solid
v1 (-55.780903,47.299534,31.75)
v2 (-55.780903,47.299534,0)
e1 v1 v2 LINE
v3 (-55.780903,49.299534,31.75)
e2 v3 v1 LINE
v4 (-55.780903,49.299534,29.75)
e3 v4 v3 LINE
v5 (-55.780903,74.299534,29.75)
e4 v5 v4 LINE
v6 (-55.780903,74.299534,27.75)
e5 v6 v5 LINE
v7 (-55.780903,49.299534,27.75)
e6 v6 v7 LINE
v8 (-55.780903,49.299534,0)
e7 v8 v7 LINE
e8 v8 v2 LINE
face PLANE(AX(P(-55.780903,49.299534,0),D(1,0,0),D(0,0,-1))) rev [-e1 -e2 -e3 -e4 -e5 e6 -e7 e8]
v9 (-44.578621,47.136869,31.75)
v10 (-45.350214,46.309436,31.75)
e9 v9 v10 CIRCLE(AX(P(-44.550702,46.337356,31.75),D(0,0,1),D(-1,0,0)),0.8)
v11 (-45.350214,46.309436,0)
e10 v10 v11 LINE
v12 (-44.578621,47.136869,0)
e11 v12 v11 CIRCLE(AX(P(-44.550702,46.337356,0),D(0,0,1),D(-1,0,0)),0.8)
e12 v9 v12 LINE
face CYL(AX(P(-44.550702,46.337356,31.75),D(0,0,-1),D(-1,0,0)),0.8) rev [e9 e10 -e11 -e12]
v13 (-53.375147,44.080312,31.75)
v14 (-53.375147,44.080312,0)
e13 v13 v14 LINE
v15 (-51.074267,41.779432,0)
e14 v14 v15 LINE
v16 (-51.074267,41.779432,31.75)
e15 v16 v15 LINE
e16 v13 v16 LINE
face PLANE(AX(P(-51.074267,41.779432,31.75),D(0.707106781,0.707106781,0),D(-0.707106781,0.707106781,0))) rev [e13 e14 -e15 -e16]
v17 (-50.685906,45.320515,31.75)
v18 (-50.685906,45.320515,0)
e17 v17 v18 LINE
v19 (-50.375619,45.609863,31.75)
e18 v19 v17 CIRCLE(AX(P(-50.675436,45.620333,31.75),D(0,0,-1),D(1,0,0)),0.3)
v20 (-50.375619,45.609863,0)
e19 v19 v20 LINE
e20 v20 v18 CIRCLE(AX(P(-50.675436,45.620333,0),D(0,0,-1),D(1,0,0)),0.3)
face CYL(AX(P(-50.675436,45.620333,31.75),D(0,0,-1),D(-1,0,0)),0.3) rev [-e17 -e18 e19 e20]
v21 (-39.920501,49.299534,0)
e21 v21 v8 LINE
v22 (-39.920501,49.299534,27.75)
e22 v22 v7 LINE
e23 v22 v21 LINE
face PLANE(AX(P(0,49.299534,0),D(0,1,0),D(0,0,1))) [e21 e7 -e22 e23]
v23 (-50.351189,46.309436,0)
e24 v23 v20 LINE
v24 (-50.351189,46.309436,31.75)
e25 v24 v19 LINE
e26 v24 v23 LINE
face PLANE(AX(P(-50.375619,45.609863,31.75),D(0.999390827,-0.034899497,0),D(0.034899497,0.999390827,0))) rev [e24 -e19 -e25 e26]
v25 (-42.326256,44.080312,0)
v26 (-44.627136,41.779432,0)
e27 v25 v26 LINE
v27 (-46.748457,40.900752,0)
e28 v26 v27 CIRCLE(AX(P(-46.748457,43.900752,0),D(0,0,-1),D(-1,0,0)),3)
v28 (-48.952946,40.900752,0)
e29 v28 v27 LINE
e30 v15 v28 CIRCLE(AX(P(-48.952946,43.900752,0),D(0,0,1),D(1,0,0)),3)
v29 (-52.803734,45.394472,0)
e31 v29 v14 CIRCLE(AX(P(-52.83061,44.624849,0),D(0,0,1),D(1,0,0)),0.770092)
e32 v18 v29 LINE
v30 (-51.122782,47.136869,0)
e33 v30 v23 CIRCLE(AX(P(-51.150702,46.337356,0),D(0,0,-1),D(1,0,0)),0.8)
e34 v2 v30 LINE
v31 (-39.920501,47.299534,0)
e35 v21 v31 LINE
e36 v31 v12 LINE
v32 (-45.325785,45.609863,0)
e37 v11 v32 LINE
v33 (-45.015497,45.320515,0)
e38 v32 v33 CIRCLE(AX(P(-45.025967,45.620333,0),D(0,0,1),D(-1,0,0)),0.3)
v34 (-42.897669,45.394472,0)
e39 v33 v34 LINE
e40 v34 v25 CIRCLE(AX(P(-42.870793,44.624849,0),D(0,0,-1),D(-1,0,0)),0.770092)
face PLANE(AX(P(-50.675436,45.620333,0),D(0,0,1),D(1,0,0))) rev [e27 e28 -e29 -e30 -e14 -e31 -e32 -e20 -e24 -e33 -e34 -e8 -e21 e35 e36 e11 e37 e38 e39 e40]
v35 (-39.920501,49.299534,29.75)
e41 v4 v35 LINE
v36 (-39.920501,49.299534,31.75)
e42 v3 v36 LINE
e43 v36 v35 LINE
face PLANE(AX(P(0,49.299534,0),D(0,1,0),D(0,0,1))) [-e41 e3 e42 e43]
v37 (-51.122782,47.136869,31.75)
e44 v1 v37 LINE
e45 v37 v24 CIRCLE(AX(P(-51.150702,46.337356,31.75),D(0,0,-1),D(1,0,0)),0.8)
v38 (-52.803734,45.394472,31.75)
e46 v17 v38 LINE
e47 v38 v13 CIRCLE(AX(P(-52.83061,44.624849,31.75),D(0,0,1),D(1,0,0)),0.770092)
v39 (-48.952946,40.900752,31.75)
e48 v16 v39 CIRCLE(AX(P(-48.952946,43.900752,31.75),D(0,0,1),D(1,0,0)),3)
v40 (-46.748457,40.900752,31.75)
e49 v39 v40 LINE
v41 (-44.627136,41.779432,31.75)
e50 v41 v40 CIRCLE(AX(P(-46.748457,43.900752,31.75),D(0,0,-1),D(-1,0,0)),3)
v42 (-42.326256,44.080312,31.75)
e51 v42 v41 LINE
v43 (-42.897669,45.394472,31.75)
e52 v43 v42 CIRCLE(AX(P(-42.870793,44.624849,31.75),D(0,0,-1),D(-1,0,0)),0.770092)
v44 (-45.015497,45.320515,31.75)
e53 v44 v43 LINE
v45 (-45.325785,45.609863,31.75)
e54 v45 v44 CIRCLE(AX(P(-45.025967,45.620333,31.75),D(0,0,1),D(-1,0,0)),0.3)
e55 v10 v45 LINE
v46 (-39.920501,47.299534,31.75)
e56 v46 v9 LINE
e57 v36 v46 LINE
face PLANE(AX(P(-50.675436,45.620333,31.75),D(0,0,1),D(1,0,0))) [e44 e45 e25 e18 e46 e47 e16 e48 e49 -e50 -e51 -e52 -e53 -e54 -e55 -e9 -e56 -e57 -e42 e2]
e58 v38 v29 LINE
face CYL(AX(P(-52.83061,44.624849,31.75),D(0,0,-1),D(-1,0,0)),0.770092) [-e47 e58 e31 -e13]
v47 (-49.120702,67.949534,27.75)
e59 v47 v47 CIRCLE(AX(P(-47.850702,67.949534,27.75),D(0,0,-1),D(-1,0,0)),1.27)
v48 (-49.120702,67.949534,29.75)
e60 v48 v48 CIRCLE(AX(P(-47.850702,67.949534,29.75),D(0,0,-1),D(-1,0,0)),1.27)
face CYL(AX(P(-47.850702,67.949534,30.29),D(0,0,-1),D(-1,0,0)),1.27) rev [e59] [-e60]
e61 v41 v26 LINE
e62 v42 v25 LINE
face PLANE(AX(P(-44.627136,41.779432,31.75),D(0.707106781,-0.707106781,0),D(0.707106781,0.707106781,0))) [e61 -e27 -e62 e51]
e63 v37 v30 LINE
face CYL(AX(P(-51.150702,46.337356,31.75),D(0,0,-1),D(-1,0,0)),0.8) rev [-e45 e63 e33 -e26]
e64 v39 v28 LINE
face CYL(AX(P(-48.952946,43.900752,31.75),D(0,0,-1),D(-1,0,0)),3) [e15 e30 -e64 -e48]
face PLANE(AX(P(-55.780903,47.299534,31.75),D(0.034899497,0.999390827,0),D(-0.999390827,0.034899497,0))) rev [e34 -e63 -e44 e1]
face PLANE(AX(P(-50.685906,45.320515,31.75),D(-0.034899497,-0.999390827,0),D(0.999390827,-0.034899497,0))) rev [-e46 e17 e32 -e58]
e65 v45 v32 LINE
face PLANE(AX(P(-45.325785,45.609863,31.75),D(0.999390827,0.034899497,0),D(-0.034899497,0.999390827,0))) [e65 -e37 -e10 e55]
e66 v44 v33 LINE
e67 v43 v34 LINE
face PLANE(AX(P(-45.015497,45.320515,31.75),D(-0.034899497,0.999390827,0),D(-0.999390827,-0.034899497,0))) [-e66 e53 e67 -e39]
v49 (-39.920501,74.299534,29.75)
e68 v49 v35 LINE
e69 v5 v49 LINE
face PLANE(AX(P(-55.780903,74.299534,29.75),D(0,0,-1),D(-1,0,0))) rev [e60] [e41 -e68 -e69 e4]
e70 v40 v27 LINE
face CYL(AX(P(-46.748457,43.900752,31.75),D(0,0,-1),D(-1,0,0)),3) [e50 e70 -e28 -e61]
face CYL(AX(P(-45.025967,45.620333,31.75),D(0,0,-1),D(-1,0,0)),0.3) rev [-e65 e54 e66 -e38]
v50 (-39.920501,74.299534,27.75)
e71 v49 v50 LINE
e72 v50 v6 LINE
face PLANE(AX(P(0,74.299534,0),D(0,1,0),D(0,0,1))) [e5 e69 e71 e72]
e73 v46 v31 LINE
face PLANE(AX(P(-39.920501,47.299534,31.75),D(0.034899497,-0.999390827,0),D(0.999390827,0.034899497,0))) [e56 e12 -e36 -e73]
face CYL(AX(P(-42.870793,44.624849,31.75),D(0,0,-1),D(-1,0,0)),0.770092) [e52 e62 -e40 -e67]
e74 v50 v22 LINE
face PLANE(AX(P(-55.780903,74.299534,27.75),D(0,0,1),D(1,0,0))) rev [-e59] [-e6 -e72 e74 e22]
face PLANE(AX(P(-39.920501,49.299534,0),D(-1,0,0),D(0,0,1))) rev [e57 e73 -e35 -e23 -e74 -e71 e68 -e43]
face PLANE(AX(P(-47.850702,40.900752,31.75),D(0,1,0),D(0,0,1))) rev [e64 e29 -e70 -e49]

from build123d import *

# Parameters (mm, degrees)
BOSS_EXTRUDE1_DEPTH = 31.75
SKETCH19_W          = 15.860402013
SKETCH19_H          = 31.75
BOSS_EXTRUDE7_DEPTH = 2
SKETCH23_W          = 15.860402013
SKETCH23_H          = 2
BOSS_EXTRUDE8_DEPTH = 25
SKETCH24_R          = 1.27
CUT_EXTRUDE1_DEPTH  = 2.54


with BuildPart() as part:
    # Sketch2 → Boss-Extrude1 (new body)
    with BuildSketch(Plane.XY):
        with BuildLine():
            Line((-50.375618534, 45.609862895), (-50.351188886, 46.309436474))
            ThreePointArc((-50.351188886, 46.309436474), (-50.565618587, 46.88295476), (-51.12278195, 47.136868733))
            Line((-51.12278195, 47.136868733), (-55.780902554, 47.299533889))
            Line((-55.780902554, 47.299533889), (-47.850701548, 47.299533889))
            Line((-47.850701548, 47.299533889), (-47.850701548, 40.900752235))
            Line((-47.850701548, 40.900752235), (-48.952946324, 40.900752235))
            ThreePointArc((-48.952946324, 40.900752235), (-50.100996621, 41.129113637), (-51.074266668, 41.779431891))
            Line((-51.074266668, 41.779431891), (-53.375146928, 44.080312152))
            ThreePointArc((-53.375146928, 44.080312152), (-53.536830204, 44.931922499), (-52.803734096, 45.394471696))
            Line((-52.803734096, 45.394471696), (-50.685905631, 45.320515496))
            ThreePointArc((-50.685905631, 45.320515496), (-50.470836274, 45.400926634), (-50.375618534, 45.609862895))
        make_face()
    boss_extrude1 = extrude(amount=BOSS_EXTRUDE1_DEPTH)

    # Mirror2: Boss-Extrude1 across plane
    add(boss_extrude1.mirror(Plane(origin=(-47.850701548, 40.900752235, 31.75), x_dir=(0, 0, 1), z_dir=(-1, 0, 0))))

    # Sketch19 → Boss-Extrude7 (add)
    with BuildSketch(Plane(origin=(0, 47.299533889, 0), x_dir=(1, 0, 0), z_dir=(0, 1, 0))):
        with Locations((-47.850701548, -15.875)):
            Rectangle(SKETCH19_W, SKETCH19_H)
    extrude(amount=BOSS_EXTRUDE7_DEPTH)

    # Sketch23 → Boss-Extrude8 (add)
    with BuildSketch(Plane(origin=(0, 49.299533889, 0), x_dir=(1, 0, 0), z_dir=(0, 1, 0))):
        with Locations((-47.850701548, -28.75)):
            Rectangle(SKETCH23_W, SKETCH23_H)
    extrude(amount=BOSS_EXTRUDE8_DEPTH)

    # Sketch24 → Cut-Extrude1 (cut)
    with BuildSketch(Plane(origin=(0, 0, 27.75), x_dir=(-1, 0, 0), z_dir=(0, 0, -1))):
        with Locations((47.850701548, 67.949533889)):
            Circle(SKETCH24_R)
    extrude(amount=-CUT_EXTRUDE1_DEPTH, mode=Mode.SUBTRACT)


solid = part.part
